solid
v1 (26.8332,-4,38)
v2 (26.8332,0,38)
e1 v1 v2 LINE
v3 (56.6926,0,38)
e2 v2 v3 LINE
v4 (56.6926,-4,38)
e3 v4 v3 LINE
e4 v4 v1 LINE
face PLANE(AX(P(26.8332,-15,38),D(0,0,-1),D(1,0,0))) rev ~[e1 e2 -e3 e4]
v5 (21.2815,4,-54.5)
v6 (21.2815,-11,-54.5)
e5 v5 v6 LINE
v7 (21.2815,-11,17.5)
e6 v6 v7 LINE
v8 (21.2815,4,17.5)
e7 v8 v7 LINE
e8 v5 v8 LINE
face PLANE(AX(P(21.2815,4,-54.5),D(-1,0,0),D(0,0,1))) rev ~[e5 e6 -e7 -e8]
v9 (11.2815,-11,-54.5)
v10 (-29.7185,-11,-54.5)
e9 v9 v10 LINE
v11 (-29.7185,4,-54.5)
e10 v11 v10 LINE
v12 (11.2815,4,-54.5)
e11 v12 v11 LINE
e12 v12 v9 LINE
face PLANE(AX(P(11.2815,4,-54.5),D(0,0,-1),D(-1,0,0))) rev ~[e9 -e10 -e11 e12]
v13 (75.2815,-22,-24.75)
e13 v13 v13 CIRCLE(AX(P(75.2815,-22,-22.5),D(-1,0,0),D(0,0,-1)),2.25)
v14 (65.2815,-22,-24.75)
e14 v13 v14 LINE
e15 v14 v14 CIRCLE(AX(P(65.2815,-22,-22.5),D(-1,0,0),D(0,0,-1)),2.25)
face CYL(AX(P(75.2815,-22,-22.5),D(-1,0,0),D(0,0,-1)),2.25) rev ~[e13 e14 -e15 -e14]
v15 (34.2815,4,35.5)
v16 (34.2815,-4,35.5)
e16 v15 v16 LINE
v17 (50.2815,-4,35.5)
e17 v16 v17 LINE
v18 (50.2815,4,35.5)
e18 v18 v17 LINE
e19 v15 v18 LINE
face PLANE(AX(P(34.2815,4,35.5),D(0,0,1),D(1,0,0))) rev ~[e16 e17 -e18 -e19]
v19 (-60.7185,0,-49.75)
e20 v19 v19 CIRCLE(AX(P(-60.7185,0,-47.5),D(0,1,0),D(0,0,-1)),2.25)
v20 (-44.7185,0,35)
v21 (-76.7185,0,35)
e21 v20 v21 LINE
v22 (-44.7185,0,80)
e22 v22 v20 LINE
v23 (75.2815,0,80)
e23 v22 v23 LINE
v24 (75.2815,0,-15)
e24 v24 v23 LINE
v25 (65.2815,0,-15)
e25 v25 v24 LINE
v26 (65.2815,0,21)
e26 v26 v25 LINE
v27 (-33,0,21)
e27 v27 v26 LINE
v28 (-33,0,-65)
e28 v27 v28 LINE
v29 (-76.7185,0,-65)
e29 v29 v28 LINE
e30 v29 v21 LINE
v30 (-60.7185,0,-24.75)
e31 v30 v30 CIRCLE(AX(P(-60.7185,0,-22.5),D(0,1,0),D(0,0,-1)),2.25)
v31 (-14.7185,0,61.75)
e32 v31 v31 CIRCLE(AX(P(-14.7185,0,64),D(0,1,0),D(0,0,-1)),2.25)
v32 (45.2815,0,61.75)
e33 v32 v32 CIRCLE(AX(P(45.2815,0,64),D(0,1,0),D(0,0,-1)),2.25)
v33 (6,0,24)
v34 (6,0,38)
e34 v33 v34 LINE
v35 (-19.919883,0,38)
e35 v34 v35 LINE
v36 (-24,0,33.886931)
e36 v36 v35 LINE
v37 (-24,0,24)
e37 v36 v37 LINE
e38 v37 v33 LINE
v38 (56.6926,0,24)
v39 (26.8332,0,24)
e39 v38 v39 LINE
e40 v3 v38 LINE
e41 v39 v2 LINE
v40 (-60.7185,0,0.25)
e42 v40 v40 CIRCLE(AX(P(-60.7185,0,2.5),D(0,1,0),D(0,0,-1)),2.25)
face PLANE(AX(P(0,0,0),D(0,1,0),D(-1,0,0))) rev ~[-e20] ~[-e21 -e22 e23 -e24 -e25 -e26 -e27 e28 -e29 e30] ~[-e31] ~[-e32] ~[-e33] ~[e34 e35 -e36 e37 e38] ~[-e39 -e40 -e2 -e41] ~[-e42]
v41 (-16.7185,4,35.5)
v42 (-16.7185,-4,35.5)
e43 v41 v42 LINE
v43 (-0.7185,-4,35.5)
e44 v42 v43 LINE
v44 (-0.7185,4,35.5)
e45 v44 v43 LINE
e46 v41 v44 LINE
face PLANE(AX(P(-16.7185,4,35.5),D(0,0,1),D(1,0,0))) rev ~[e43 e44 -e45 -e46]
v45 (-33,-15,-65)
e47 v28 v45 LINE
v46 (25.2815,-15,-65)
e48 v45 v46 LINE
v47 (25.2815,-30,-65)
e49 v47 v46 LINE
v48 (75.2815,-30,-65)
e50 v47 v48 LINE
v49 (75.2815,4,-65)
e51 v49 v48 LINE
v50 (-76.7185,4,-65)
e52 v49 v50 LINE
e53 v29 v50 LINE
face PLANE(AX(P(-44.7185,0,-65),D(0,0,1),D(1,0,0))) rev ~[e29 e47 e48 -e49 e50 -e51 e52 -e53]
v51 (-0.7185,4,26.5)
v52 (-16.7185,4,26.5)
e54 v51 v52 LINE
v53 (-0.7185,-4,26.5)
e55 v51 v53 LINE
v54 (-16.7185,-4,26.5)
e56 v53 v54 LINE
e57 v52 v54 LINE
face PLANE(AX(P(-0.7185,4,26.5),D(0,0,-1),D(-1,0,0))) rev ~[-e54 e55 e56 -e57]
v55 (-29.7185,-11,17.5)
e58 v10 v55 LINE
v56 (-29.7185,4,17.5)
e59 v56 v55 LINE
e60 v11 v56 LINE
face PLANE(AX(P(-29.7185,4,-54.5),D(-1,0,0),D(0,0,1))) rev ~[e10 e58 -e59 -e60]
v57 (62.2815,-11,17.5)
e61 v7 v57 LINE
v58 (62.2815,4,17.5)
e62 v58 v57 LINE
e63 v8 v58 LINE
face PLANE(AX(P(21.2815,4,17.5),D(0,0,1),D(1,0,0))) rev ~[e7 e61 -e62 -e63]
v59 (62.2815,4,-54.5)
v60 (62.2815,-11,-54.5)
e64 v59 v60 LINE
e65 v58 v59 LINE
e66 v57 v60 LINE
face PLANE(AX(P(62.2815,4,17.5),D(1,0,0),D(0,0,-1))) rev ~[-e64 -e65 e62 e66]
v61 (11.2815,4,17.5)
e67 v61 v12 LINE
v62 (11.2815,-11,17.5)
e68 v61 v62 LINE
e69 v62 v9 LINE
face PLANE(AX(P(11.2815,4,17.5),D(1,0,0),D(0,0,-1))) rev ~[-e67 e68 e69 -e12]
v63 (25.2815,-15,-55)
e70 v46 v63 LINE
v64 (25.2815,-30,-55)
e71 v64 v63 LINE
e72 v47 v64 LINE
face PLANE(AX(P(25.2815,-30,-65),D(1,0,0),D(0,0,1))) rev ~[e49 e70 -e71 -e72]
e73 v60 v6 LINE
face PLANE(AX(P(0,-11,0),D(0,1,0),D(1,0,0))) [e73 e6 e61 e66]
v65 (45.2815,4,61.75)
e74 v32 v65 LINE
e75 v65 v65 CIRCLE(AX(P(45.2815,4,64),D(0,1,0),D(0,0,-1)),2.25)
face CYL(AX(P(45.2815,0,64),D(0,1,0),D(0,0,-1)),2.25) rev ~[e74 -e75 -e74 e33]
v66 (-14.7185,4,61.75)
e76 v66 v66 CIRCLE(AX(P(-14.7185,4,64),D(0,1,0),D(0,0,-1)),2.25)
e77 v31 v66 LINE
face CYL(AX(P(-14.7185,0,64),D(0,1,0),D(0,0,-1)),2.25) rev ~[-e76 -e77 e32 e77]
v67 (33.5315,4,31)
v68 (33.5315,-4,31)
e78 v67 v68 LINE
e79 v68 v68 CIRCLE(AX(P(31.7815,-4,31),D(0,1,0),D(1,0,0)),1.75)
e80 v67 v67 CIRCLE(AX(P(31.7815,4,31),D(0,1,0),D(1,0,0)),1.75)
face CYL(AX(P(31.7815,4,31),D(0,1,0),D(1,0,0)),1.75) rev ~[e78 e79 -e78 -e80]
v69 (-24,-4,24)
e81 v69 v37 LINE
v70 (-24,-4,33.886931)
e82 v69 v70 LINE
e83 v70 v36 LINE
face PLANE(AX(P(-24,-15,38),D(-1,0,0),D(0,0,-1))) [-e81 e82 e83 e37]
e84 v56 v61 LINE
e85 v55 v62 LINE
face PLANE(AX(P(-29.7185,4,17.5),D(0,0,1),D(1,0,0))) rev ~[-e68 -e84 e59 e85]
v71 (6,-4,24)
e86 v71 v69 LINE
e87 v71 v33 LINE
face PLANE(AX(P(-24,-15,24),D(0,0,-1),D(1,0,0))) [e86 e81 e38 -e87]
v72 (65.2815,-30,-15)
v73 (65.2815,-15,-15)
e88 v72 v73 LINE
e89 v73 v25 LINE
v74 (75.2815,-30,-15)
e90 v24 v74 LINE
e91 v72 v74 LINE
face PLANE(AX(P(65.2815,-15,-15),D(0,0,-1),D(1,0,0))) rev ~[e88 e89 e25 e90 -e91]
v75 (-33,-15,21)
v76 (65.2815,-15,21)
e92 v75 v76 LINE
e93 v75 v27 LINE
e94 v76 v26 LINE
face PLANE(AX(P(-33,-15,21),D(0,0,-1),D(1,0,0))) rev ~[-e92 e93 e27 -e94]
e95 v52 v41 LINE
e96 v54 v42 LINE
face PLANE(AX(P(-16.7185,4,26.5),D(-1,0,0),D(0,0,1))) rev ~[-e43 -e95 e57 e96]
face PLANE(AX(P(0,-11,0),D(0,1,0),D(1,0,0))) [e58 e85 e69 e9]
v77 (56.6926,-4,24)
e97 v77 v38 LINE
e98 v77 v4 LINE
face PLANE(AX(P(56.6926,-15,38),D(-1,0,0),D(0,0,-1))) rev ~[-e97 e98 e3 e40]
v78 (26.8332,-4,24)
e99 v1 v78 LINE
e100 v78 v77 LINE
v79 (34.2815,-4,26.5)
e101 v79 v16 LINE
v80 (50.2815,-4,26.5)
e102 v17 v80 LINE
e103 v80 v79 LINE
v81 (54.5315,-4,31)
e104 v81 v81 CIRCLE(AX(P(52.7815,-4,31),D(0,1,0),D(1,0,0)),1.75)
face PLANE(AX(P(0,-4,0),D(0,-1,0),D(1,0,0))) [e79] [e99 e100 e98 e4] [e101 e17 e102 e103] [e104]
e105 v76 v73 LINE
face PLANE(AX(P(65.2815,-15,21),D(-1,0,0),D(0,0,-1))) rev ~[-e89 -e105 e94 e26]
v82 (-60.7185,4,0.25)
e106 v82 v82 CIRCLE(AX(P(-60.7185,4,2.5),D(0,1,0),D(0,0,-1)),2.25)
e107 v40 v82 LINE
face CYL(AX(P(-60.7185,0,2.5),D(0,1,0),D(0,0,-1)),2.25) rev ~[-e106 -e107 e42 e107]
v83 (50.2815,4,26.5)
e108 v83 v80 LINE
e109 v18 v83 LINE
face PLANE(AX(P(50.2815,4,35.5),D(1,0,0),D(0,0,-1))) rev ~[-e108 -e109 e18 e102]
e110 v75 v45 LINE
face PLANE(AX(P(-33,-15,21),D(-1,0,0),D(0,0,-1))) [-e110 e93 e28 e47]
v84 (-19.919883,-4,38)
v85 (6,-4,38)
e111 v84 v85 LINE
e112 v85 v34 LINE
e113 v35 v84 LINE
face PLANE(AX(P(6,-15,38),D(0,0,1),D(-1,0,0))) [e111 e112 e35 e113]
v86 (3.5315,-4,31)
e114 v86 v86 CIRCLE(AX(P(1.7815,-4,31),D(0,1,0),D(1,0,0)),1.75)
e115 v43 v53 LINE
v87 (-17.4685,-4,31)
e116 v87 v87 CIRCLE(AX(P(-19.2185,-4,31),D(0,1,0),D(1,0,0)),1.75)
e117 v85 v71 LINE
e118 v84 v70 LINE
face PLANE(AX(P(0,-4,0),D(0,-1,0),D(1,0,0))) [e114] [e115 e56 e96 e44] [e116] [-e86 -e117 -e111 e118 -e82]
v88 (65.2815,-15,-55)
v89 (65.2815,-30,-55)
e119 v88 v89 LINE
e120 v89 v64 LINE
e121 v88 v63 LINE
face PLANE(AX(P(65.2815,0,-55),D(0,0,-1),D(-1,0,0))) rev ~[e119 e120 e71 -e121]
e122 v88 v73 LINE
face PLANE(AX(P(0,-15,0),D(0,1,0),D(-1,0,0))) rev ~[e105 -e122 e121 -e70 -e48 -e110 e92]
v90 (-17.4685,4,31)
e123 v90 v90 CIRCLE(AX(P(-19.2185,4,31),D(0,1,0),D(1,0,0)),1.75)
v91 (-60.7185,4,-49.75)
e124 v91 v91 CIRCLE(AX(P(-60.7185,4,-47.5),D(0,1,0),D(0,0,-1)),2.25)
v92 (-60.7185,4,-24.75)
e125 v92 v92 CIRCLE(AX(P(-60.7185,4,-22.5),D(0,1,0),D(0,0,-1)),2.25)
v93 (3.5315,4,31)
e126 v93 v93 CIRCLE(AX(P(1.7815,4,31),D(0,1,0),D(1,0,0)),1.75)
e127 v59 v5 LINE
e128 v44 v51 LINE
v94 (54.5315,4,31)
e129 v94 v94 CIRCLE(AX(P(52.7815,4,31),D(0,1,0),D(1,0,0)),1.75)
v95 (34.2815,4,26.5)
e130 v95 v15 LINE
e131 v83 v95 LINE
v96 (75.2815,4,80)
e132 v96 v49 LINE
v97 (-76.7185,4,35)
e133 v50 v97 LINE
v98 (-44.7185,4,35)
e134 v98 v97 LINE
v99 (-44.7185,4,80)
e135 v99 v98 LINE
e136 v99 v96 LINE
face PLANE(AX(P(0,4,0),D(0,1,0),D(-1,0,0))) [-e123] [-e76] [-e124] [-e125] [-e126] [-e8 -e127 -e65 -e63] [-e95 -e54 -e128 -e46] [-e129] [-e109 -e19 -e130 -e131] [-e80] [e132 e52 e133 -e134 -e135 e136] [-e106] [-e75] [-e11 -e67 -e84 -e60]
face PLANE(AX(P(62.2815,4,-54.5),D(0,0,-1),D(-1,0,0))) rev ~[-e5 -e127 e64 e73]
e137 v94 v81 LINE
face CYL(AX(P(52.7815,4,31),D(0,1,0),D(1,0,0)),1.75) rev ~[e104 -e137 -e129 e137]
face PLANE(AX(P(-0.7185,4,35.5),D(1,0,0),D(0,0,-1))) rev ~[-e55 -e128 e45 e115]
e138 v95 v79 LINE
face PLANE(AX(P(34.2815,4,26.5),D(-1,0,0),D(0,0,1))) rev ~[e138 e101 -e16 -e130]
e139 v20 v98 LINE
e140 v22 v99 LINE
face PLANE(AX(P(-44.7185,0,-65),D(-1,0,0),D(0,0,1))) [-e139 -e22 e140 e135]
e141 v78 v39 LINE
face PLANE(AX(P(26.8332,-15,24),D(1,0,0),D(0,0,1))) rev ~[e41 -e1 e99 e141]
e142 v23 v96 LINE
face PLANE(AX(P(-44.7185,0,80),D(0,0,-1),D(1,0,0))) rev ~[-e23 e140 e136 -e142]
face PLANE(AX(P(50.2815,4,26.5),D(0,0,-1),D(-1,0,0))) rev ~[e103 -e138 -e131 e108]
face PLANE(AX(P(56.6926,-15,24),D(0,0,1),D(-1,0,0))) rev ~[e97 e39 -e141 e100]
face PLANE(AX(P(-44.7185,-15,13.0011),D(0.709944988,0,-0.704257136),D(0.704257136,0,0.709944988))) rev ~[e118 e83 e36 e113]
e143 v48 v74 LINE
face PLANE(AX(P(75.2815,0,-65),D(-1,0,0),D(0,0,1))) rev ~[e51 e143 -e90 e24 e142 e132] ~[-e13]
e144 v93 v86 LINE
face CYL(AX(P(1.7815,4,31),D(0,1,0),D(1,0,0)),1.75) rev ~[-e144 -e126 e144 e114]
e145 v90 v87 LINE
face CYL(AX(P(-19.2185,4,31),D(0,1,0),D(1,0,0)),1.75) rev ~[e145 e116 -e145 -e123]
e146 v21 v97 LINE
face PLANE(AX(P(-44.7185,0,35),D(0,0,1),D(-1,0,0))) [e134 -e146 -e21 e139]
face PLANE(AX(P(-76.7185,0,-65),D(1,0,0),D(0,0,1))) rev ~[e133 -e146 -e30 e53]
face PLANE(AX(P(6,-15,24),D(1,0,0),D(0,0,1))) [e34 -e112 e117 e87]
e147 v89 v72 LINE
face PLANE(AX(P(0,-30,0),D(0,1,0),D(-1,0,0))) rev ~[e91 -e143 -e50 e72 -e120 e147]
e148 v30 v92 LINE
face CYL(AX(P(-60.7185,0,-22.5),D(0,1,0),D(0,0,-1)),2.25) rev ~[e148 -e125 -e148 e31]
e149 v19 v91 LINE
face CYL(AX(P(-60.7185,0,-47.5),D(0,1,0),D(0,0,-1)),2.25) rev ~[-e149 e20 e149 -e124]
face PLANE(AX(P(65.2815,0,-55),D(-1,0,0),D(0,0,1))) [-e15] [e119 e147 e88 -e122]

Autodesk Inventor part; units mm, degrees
ref_plane "YZ Plane" through (0, 0, 0) normal (1, 0, 0) x (0, 1, 0)
ref_plane "XZ Plane" through (0, 0, 0) normal (0, 1, 0) x (-1, 0, 0)
ref_plane "XY Plane" through (0, 0, 0) normal (0, 0, 1) x (1, 0, 0)
sketch "Szkic1" plane through (0, 0, 0) normal (0, 1, 0) x (-1, 0, 0)
  line L0 (44.7185, 35) -> (76.7185, 35)
  line L1 (76.7185, 35) -> (44.7185, 35)
  line L2 (44.7185, -65) -> (76.7185, -65)
  line L3 (76.7185, -65) -> (76.7185, 35)
  line L4 (44.7185, 80) -> (-75.2815, 80)
  line L5 (44.7185, 48) -> (44.7185, 80)
  line L6 (44.7185, -65) -> (44.7185, -55)
  line L7 (-75.2815, -65) -> (-75.2815, 48)
  line L8 (44.7185, -65) -> (-75.2815, -65)
  line L9 (-75.2815, 48) -> (-65.2815, 48)
  line L10 (-75.2815, 48) -> (-75.2815, 80)
  line L11 (44.7185, 35) -> (44.7185, -55)
  line L12 (-65.2815, -55) -> (44.7185, -55)
  line L13 (-65.2815, -55) -> (-65.2815, 48)
  line L14 (44.7185, 48) -> (-65.2815, 48)
  line L15 (44.7185, 35) -> (44.7185, 48)
  point P0 (0, 0)
  point P1 (14.7185, 64)
  point P2 (-45.2815, 64)
  point P3 (60.7185, 2.5)
  point P4 (60.7185, -47.5)
  point P5 (60.7185, -22.5)
  dimension "d2" = 32
  dimension "d3" = 45
  dimension "d4" = 32
  dimension "d5" = 32
  dimension "d23" = 100
  dimension "d24" = 10
  dimension "d25" = 10
  dimension "d26" = 120
  dimension "d27" = 16
  dimension "d28" = 16
  dimension "d29" = 50
  dimension "d30" = 16
  dimension "d31" = 16
  dimension "d32" = 60
  dimension "d33" = 17.5
  dimension "d34" = 30
  dimension "d126" = 42.5
extrude "Wyciągnięcie proste1" add sketch "Szkic1" along normal blind 4
extrude "Wyciągnięcie proste2" add sketch "Szkic1" against normal blind 15 contours L11 L12 L13 L14 L15
extrude "Wyciągnięcie proste3" add sketch "Szkic1" against normal blind 30 contours L6 L8 L7 L9 L13 L12
sketch "Szkic3" plane through (0, 4, 0) normal (0, 1, 0) x (1, 0, 0)
  line L0 (-76.7185, -35) -> (-44.7185, -35) projected
  line L1 (-44.7185, -35) -> (-44.7185, -80) projected
  line L2 (-44.7185, -80) -> (75.2815, -80) projected
  line L3 (75.2815, -80) -> (75.2815, 65) projected
  line L4 (75.2815, 65) -> (-76.7185, 65) projected
  line L5 (-76.7185, 65) -> (-76.7185, -35) projected
  line L6 (-44.7185, -48) -> (75.2815, -48) projected
  line L7 (-44.7185, 65) -> (-44.7185, -35) projected
  line L8 (-44.7185, 55) -> (65.2815, 55) projected
  line L9 (65.2815, 55) -> (65.2815, -48) projected
  line L10 (-29.7185, -17.5) -> (11.2815, -17.5)
  line L11 (11.2815, -17.5) -> (11.2815, 54.5)
  line L12 (11.2815, 54.5) -> (-29.7185, 54.5)
  line L13 (-29.7185, 54.5) -> (-29.7185, -17.5)
  line L14 (21.2815, -17.5) -> (62.2815, -17.5)
  line L15 (62.2815, -17.5) -> (62.2815, 54.5)
  line L16 (62.2815, 54.5) -> (21.2815, 54.5)
  line L17 (21.2815, 54.5) -> (21.2815, -17.5)
  line L18 (-16.7185, -35.5) -> (-0.7185, -35.5)
  line L19 (-0.7185, -35.5) -> (-0.7185, -26.5)
  line L20 (-0.7185, -26.5) -> (-16.7185, -26.5)
  line L21 (-16.7185, -26.5) -> (-16.7185, -35.5)
  line L22 (-16.7185, -35.5) -> (-0.7185, -26.5) construction
  line L23 (-0.7185, -35.5) -> (-16.7185, -26.5) construction
  circle A0 centre (-19.2185, -31) radius 1.75
  circle A1 centre (1.7815, -31) radius 1.75
  line L24 (-19.2185, -31) -> (1.7815, -31) construction
  circle A2 centre (52.7815, -31) radius 1.75
  line L25 (50.2815, -35.5) -> (50.2815, -26.5)
  line L26 (50.2815, -26.5) -> (34.2815, -26.5)
  line L27 (34.2815, -26.5) -> (34.2815, -35.5)
  line L28 (34.2815, -35.5) -> (50.2815, -26.5) construction
  line L29 (50.2815, -35.5) -> (34.2815, -26.5) construction
  line L30 (34.2815, -35.5) -> (50.2815, -35.5)
  line L31 (31.7815, -31) -> (52.7815, -31) construction
  circle A3 centre (31.7815, -31) radius 1.75
  point P0 (0, 0)
  point P1 (-8.7185, -31)
  point P2 (42.2815, -31)
  dimension "d35" = 41
  dimension "d36" = 72
  dimension "d37" = 41
  dimension "d38" = 72
  dimension "d39" = 10
  dimension "d40" = 15
  dimension "d41" = 30.5
  dimension "d50" = 30.5
  dimension "d78" = 16
  dimension "d79" = 9
  dimension "d80" = 3.5
  dimension "d81" = 3.5
  dimension "d82" = 10.5
  dimension "d83" = 10.5
  dimension "d86" = 4.5
  dimension "d87" = 4.5
  dimension "d88" = 20
  dimension "d89" = 9
  dimension "d90" = 16
  dimension "d91" = 9
  dimension "d92" = 3.5
  dimension "d93" = 3.5
  dimension "d94" = 10.5
  dimension "d95" = 10.5
  dimension "d96" = 4.5
  dimension "d97" = 4.5
  dimension "d102" = 9
  dimension "d127" = 20
extrude "Wyciągnięcie proste4" cut sketch "Szkic3" against normal blind 15 contours L13 L12 L11 L10 | L17 L16 L15 L14
extrude "Wyciągnięcie proste5" cut sketch "Szkic3" against normal blind 20 contours L21 L20 L19 L18 | A0 | A1 | A2 | L30 L27 L26 L25 | A3
sketch "Szkic4" plane through (0, -30, 0) normal (0, -1, 0) x (1, 0, 0)
  line L0 (-44.7185, 48) -> (-44.7185, -55) projected
  line L1 (-44.7185, -55) -> (65.2815, -55) projected
  line L2 (65.2815, -55) -> (65.2815, 48) projected
  line L3 (65.2815, 48) -> (-44.7185, 48) projected
  line L4 (-44.7185, -55) -> (-44.7185, -65) projected
  line L5 (-44.7185, -65) -> (75.2815, -65) projected
  line L6 (75.2815, -65) -> (75.2815, 48) projected
  line L7 (75.2815, 48) -> (65.2815, 48) projected
  line L8 (65.2815, 48) -> (65.2815, -55) projected
  line L9 (65.2815, -55) -> (-44.7185, -55) projected
  line L10 (65.2815, -55) -> (65.2815, 48) projected
  line L11 (75.2815, -65) -> (75.2815, 48) projected
  line L12 (65.2815, -15) -> (75.2815, -15)
  line L13 (75.2815, -15) -> (75.2815, 55)
  line L14 (75.2815, 55) -> (65.2815, 55)
  line L15 (65.2815, 55) -> (65.2815, -15)
  line L16 (-44.7185, -55) -> (65.2815, -55) projected
  line L17 (25.2815, -55) -> (-44.7185, -55)
  line L18 (-44.7185, -55) -> (-44.7185, -65)
  line L19 (-44.7185, -65) -> (25.2815, -65)
  line L20 (25.2815, -65) -> (25.2815, -55)
  dimension "d111" = 70
  dimension "d112" = 70
  dimension "d113" = 50
  dimension "d114" = 50
extrude "Wyciągnięcie proste6" cut sketch "Szkic4" against normal blind 15 contours L1 L20 L5 L4 | L7 L6 L12 L2 | L15 L14 L13 L7
hole "Otwór1" at (-14.7185, 0, 64) at (45.2815, 0, 64) at (-60.7185, 0, 2.5) at (-60.7185, 0, -47.5) at (-60.7185, 0, -22.5) direction (0, 1, 0) diameter 4.5 end through all clearance for "Śruba ze łbem płaskim obrobiona" size "M4" standard "ANSI Profil metryczny M"
sketch "Szkic5" plane through (0, -15, 0) normal (0, -1, 0) x (1, 0, 0)
  line L0 (-45, 48) -> (-10, 48)
  line L1 (65.2815, 48) -> (-44.7185, 48) projected
  line L2 (-45, 48) -> (-44.7185, 13.0011)
  line L3 (-44.7185, 13.0011) -> (-10, 48)
  point P0 (0, 0)
  dimension "d74" = 35
extrude "Wyciągnięcie proste7" cut sketch "Szkic5" against normal blind 15
sketch "Szkic6" plane through (75.2815, 0, 80) normal (1, 0, 0) x (0, 0, -1)
  line L0 (145, -30) -> (145, 4) projected
  line L1 (145, -30) -> (95, -30) projected
  point P0 (80, 0)
  point P1 (102.5, -22)
  dimension "d117" = 42.5
  dimension "d118" = 8
hole "Otwór2" at (75.2815, -22, -22.5) direction (-1, 0, 0) diameter 4.5 end through all clearance for "Śruba ze łbem płaskim obrobiona" size "M4" standard "ANSI Profil metryczny M"
sketch "Szkic8" plane through (0, -15, 0) normal (0, -1, 0) x (1, 0, 0)
  line L0 (-69, 21) -> (-69, 49)
  line L1 (-69, 49) -> (78, 49)
  line L2 (78, 49) -> (78, 21)
  line L3 (-33, -72) -> (-69, -72)
  line L4 (-69, -72) -> (-69, 21)
  line L5 (-33, 21) -> (-33, -72)
  line L6 (-33, 21) -> (78, 21)
  line L7 (11.2815, 17.5) -> (-29.7185, 17.5) projected
  line L8 (-29.7185, 17.5) -> (-29.7185, -54.5) projected
  line L9 (26.8332, 38) -> (56.6926, 38)
  line L10 (56.6926, 38) -> (56.6926, 24)
  line L11 (56.6926, 24) -> (26.8332, 24)
  line L12 (26.8332, 24) -> (26.8332, 38)
  line L13 (6, 38) -> (-24, 38)
  line L14 (-24, 38) -> (-24, 24)
  line L15 (-24, 24) -> (6, 24)
  line L16 (6, 24) -> (6, 38)
  line L17 (-29.7185, -54.5) -> (11.2815, -54.5) projected
  line L18 (21.2815, -54.5) -> (62.2815, -54.5) projected
  line L19 (62.2815, -54.5) -> (62.2815, 17.5) projected
  line L20 (62.2815, 17.5) -> (21.2815, 17.5) projected
  line L21 (65.2815, -55) -> (65.2815, -15) projected
  line L22 (78, 21) -> (65.2815, 21)
  line L23 (65.2815, 21) -> (65.2815, -15)
  line L24 (65.2815, -15) -> (78, -15)
  line L25 (78, -15) -> (78, 21)
  point P0 (0, 0)
  point P1 (65.2815, 48)
extrude "Wyciągnięcie proste9" cut sketch "Szkic8" against normal blind 15
sketch "Szkic9" plane through (0, -15, 0) normal (0, -1, 0) x (1, 0, 0)
  line L0 (-28, 43) -> (61, 43)
  line L1 (61, 43) -> (61, 22)
  line L2 (61, 22) -> (-28, 22)
  line L3 (-28, 22) -> (-28, 43)
  point P0 (0, 0)
extrude "Wyciągnięcie proste10" cut sketch "Szkic9" against normal blind 11
equation "\"d4\" = d5"
equation "\"d24\" = d25"
equation "\"d27\" = 0.5 * d2"
equation "\"d28\" = d27"
equation "\"d30\" = d27"
equation "\"d31\" = d27"
equation "\"d37\" = d35"
equation "\"d38\" = d36"
equation "\"d50\" = d41"
equation "\"d80\" = d84"
equation "\"d81\" = d80"
equation "\"d82\" = d85"
equation "\"d83\" = d82"
equation "\"d92\" = d98"
equation "\"d93\" = d92"
equation "\"d94\" = d99"
equation "\"d95\" = d94"
equation "\"d102\" = d89"
equation "\"d84\" = 3.5"
equation "\"d98\" = 3.5"
equation "\"d85\" = 10.5"
equation "\"d99\" = 10.5"
properties part number "slot na baterie"
